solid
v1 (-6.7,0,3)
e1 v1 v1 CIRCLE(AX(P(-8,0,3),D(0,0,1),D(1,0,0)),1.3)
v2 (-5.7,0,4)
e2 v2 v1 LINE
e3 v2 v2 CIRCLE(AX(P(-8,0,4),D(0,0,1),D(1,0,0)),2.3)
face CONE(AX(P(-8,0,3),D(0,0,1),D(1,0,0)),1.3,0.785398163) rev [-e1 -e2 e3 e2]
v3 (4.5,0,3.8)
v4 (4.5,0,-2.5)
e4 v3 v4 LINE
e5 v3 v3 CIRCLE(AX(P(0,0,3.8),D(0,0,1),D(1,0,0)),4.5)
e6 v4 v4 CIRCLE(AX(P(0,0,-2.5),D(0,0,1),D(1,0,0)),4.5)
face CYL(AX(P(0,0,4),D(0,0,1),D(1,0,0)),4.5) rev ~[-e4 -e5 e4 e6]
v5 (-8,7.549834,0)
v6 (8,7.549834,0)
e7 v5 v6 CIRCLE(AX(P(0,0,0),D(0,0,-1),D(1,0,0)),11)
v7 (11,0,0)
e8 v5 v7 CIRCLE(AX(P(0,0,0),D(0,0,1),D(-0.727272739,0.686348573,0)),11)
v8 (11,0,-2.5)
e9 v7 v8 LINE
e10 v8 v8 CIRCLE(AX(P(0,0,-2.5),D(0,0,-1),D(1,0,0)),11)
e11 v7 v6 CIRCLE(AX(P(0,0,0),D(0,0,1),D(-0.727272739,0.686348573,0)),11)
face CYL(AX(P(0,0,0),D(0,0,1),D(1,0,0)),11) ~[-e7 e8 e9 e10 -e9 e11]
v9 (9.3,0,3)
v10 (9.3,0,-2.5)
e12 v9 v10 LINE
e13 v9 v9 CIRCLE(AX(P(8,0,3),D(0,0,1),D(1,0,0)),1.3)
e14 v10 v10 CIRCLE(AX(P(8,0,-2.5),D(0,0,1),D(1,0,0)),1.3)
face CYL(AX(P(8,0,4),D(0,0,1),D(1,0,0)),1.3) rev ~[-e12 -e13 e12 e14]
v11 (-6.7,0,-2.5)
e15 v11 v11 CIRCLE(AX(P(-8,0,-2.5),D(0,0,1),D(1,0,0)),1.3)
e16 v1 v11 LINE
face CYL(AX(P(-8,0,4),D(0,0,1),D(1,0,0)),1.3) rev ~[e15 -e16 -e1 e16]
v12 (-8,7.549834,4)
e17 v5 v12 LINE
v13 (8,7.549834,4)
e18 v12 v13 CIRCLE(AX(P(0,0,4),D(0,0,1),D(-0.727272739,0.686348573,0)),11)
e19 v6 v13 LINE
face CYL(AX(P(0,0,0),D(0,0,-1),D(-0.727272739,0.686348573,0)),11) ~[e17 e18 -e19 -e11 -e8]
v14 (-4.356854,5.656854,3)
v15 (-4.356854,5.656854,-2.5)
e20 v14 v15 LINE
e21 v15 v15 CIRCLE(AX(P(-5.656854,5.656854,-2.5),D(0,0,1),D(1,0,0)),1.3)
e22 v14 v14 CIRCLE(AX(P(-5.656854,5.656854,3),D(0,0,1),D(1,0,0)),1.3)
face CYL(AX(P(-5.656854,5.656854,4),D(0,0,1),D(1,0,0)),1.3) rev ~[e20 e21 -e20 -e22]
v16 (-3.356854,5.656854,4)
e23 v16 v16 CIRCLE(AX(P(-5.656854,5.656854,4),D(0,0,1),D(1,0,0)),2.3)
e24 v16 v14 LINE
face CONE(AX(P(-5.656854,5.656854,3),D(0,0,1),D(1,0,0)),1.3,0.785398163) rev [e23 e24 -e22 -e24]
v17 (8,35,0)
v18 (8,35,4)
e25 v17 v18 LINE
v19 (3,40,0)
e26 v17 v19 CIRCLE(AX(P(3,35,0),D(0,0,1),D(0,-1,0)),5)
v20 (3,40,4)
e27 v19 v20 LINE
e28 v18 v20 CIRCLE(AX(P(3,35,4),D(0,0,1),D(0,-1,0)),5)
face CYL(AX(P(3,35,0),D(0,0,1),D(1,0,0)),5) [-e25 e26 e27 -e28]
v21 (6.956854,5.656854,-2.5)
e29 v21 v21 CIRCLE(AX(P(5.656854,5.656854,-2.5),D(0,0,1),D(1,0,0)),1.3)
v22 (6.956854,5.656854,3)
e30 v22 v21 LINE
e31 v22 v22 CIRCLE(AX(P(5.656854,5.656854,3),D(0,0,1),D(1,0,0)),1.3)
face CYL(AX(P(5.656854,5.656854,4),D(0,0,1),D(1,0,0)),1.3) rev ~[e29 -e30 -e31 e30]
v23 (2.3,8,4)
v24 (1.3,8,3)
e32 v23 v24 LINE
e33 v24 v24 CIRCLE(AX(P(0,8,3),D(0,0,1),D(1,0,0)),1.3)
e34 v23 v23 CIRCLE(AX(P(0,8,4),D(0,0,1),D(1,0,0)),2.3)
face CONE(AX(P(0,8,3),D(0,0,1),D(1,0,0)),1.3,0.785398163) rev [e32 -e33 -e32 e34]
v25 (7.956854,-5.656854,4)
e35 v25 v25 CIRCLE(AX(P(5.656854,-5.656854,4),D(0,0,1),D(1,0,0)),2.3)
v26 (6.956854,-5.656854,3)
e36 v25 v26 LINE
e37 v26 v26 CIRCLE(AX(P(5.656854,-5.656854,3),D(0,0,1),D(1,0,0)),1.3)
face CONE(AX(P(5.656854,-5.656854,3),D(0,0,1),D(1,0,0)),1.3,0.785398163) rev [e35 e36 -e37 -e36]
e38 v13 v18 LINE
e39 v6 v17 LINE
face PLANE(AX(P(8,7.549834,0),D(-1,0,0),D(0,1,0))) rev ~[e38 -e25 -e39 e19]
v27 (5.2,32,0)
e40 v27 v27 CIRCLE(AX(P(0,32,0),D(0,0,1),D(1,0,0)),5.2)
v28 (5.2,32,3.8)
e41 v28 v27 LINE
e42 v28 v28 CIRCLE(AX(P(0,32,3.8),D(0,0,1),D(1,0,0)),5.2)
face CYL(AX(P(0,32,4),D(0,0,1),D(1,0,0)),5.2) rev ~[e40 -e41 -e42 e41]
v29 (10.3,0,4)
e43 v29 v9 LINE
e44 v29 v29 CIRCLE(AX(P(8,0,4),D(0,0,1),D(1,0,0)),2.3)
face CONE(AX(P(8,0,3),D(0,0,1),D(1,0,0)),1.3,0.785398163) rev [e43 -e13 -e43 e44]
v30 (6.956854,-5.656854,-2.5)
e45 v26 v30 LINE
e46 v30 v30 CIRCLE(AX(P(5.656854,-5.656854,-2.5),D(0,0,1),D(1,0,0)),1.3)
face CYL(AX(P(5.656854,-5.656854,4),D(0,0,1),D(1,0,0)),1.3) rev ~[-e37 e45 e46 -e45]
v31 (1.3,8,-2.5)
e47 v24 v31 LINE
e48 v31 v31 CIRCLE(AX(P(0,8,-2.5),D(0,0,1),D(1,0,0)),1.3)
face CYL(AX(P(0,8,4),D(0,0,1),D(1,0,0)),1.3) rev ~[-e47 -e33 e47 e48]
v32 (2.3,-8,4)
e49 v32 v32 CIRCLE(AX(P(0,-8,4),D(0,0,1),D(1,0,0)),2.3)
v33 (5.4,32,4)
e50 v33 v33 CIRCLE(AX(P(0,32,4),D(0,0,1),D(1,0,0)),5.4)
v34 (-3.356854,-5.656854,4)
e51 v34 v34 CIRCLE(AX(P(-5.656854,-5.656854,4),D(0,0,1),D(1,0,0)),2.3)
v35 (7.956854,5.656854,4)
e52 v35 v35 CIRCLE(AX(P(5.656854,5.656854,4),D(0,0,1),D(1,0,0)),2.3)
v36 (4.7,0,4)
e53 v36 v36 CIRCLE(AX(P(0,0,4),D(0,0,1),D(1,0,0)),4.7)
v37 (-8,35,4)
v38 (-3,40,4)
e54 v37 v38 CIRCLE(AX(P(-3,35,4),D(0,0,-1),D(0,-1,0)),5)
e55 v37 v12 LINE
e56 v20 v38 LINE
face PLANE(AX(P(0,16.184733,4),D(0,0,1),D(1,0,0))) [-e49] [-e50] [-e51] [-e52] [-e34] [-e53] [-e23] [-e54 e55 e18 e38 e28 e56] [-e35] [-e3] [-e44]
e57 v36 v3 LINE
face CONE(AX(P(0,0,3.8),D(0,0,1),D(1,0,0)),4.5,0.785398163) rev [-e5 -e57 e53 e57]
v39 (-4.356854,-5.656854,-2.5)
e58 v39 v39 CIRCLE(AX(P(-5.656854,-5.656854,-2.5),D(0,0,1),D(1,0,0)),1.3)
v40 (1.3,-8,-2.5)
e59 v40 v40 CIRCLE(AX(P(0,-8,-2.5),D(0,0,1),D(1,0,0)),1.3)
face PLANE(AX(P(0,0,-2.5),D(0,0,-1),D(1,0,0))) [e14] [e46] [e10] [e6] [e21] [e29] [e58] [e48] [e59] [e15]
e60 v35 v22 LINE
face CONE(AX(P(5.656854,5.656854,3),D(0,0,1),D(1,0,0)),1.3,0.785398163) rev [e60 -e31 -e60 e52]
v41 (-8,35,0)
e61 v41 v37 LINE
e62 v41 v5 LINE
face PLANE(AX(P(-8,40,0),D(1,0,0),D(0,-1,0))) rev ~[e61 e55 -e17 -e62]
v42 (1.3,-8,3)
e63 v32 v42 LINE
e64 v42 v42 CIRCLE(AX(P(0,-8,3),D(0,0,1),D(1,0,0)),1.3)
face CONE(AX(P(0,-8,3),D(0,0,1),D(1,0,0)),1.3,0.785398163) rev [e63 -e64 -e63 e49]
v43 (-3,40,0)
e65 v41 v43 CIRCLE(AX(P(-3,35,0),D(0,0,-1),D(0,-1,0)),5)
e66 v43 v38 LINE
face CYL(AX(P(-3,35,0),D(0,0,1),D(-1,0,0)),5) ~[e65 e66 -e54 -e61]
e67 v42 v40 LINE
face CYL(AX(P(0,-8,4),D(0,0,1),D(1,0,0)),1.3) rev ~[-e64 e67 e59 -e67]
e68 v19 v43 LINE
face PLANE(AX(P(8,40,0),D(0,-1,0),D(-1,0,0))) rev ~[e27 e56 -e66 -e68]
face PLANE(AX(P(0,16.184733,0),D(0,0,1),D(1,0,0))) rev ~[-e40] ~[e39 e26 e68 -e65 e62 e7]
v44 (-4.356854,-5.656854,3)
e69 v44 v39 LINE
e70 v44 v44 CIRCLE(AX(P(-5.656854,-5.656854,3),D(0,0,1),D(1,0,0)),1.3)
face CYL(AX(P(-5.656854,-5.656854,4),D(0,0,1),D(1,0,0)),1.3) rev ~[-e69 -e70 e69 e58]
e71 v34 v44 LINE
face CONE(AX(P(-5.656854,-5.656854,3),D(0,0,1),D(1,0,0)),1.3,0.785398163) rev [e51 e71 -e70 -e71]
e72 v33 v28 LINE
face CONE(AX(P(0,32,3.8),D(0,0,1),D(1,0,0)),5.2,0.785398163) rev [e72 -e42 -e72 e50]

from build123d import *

# Parameters (mm, degrees)
PAD_DEPTH       = 4
SKETCH003_R     = 5.2
POCKET_DEPTH    = 5
FILLET_R        = 5
SKETCH004_R     = 11
PAD001_DEPTH    = 2.5
SKETCH002_R     = 4.5
SKETCH002_R_2   = 1.3
POCKET001_DEPTH = 10
CHAMFER_SIZE    = 1
CHAMFER001_SIZE = 0.2


with BuildPart() as part:
    # Sketch → Pad (new body)
    with BuildSketch(Plane.XY):
        with BuildLine():
            ThreePointArc((-8, 7.549834), (0, -11), (8, 7.549834))
            Line((8, 7.549834), (8, 40))
            Line((8, 40), (-8, 40))
            Line((-8, 40), (-8, 7.549834))
        make_face()
    extrude(amount=PAD_DEPTH)

    # Sketch003 → Pocket (cut)
    with BuildSketch(Plane.XY.offset(4)):
        with Locations((0, 32)):
            Circle(SKETCH003_R)
    extrude(amount=-POCKET_DEPTH, mode=Mode.SUBTRACT)

    # Fillet
    fillet_edges = [part.edges().sort_by_distance(p)[0] for p in [
        (-8, 40, 2),
        (8, 40, 2),
    ]]
    fillet(fillet_edges, radius=FILLET_R)

    # Sketch004 → Pad001 (join)
    with BuildSketch(Plane(origin=(0, 0, 0), x_dir=(1, 0, 0), z_dir=(0, 0, -1))):
        Circle(SKETCH004_R)
    extrude(amount=PAD001_DEPTH)

    # Sketch002 (on Face5 of Pad001) → Pocket001 (cut)
    with BuildSketch(Plane.XY.offset(4)):
        Circle(SKETCH002_R)
        with Locations((0, 8)):
            Circle(SKETCH002_R_2)
        with Locations((5.656854, 5.656854)):
            Circle(SKETCH002_R_2)
        with Locations((8, 0)):
            Circle(SKETCH002_R_2)
        with Locations((5.656854, -5.656854)):
            Circle(SKETCH002_R_2)
        with Locations((0, -8)):
            Circle(SKETCH002_R_2)
        with Locations((-5.656854, -5.656854)):
            Circle(SKETCH002_R_2)
        with Locations((-8, 0)):
            Circle(SKETCH002_R_2)
        with Locations((-5.656854, 5.656854)):
            Circle(SKETCH002_R_2)
    extrude(amount=-POCKET001_DEPTH, mode=Mode.SUBTRACT)

    # Chamfer
    chamfer_edges = [part.edges().sort_by_distance(p)[0] for p in [
        (-6.956854, 5.656854, 4),
        (-1.3, 8, 4),
        (4.356854, 5.656854, 4),
        (6.7, 0, 4),
        (4.356854, -5.656854, 4),
        (-1.3, -8, 4),
        (-6.956854, -5.656854, 4),
        (-9.3, 0, 4),
    ]]
    chamfer(chamfer_edges, length=CHAMFER_SIZE)

    # Chamfer001
    chamfer001_edges = [part.edges().sort_by_distance(p)[0] for p in [
        (-5.2, 32, 4),
        (-4.5, 0, 4),
    ]]
    chamfer(chamfer001_edges, length=CHAMFER001_SIZE)


solid = part.part
